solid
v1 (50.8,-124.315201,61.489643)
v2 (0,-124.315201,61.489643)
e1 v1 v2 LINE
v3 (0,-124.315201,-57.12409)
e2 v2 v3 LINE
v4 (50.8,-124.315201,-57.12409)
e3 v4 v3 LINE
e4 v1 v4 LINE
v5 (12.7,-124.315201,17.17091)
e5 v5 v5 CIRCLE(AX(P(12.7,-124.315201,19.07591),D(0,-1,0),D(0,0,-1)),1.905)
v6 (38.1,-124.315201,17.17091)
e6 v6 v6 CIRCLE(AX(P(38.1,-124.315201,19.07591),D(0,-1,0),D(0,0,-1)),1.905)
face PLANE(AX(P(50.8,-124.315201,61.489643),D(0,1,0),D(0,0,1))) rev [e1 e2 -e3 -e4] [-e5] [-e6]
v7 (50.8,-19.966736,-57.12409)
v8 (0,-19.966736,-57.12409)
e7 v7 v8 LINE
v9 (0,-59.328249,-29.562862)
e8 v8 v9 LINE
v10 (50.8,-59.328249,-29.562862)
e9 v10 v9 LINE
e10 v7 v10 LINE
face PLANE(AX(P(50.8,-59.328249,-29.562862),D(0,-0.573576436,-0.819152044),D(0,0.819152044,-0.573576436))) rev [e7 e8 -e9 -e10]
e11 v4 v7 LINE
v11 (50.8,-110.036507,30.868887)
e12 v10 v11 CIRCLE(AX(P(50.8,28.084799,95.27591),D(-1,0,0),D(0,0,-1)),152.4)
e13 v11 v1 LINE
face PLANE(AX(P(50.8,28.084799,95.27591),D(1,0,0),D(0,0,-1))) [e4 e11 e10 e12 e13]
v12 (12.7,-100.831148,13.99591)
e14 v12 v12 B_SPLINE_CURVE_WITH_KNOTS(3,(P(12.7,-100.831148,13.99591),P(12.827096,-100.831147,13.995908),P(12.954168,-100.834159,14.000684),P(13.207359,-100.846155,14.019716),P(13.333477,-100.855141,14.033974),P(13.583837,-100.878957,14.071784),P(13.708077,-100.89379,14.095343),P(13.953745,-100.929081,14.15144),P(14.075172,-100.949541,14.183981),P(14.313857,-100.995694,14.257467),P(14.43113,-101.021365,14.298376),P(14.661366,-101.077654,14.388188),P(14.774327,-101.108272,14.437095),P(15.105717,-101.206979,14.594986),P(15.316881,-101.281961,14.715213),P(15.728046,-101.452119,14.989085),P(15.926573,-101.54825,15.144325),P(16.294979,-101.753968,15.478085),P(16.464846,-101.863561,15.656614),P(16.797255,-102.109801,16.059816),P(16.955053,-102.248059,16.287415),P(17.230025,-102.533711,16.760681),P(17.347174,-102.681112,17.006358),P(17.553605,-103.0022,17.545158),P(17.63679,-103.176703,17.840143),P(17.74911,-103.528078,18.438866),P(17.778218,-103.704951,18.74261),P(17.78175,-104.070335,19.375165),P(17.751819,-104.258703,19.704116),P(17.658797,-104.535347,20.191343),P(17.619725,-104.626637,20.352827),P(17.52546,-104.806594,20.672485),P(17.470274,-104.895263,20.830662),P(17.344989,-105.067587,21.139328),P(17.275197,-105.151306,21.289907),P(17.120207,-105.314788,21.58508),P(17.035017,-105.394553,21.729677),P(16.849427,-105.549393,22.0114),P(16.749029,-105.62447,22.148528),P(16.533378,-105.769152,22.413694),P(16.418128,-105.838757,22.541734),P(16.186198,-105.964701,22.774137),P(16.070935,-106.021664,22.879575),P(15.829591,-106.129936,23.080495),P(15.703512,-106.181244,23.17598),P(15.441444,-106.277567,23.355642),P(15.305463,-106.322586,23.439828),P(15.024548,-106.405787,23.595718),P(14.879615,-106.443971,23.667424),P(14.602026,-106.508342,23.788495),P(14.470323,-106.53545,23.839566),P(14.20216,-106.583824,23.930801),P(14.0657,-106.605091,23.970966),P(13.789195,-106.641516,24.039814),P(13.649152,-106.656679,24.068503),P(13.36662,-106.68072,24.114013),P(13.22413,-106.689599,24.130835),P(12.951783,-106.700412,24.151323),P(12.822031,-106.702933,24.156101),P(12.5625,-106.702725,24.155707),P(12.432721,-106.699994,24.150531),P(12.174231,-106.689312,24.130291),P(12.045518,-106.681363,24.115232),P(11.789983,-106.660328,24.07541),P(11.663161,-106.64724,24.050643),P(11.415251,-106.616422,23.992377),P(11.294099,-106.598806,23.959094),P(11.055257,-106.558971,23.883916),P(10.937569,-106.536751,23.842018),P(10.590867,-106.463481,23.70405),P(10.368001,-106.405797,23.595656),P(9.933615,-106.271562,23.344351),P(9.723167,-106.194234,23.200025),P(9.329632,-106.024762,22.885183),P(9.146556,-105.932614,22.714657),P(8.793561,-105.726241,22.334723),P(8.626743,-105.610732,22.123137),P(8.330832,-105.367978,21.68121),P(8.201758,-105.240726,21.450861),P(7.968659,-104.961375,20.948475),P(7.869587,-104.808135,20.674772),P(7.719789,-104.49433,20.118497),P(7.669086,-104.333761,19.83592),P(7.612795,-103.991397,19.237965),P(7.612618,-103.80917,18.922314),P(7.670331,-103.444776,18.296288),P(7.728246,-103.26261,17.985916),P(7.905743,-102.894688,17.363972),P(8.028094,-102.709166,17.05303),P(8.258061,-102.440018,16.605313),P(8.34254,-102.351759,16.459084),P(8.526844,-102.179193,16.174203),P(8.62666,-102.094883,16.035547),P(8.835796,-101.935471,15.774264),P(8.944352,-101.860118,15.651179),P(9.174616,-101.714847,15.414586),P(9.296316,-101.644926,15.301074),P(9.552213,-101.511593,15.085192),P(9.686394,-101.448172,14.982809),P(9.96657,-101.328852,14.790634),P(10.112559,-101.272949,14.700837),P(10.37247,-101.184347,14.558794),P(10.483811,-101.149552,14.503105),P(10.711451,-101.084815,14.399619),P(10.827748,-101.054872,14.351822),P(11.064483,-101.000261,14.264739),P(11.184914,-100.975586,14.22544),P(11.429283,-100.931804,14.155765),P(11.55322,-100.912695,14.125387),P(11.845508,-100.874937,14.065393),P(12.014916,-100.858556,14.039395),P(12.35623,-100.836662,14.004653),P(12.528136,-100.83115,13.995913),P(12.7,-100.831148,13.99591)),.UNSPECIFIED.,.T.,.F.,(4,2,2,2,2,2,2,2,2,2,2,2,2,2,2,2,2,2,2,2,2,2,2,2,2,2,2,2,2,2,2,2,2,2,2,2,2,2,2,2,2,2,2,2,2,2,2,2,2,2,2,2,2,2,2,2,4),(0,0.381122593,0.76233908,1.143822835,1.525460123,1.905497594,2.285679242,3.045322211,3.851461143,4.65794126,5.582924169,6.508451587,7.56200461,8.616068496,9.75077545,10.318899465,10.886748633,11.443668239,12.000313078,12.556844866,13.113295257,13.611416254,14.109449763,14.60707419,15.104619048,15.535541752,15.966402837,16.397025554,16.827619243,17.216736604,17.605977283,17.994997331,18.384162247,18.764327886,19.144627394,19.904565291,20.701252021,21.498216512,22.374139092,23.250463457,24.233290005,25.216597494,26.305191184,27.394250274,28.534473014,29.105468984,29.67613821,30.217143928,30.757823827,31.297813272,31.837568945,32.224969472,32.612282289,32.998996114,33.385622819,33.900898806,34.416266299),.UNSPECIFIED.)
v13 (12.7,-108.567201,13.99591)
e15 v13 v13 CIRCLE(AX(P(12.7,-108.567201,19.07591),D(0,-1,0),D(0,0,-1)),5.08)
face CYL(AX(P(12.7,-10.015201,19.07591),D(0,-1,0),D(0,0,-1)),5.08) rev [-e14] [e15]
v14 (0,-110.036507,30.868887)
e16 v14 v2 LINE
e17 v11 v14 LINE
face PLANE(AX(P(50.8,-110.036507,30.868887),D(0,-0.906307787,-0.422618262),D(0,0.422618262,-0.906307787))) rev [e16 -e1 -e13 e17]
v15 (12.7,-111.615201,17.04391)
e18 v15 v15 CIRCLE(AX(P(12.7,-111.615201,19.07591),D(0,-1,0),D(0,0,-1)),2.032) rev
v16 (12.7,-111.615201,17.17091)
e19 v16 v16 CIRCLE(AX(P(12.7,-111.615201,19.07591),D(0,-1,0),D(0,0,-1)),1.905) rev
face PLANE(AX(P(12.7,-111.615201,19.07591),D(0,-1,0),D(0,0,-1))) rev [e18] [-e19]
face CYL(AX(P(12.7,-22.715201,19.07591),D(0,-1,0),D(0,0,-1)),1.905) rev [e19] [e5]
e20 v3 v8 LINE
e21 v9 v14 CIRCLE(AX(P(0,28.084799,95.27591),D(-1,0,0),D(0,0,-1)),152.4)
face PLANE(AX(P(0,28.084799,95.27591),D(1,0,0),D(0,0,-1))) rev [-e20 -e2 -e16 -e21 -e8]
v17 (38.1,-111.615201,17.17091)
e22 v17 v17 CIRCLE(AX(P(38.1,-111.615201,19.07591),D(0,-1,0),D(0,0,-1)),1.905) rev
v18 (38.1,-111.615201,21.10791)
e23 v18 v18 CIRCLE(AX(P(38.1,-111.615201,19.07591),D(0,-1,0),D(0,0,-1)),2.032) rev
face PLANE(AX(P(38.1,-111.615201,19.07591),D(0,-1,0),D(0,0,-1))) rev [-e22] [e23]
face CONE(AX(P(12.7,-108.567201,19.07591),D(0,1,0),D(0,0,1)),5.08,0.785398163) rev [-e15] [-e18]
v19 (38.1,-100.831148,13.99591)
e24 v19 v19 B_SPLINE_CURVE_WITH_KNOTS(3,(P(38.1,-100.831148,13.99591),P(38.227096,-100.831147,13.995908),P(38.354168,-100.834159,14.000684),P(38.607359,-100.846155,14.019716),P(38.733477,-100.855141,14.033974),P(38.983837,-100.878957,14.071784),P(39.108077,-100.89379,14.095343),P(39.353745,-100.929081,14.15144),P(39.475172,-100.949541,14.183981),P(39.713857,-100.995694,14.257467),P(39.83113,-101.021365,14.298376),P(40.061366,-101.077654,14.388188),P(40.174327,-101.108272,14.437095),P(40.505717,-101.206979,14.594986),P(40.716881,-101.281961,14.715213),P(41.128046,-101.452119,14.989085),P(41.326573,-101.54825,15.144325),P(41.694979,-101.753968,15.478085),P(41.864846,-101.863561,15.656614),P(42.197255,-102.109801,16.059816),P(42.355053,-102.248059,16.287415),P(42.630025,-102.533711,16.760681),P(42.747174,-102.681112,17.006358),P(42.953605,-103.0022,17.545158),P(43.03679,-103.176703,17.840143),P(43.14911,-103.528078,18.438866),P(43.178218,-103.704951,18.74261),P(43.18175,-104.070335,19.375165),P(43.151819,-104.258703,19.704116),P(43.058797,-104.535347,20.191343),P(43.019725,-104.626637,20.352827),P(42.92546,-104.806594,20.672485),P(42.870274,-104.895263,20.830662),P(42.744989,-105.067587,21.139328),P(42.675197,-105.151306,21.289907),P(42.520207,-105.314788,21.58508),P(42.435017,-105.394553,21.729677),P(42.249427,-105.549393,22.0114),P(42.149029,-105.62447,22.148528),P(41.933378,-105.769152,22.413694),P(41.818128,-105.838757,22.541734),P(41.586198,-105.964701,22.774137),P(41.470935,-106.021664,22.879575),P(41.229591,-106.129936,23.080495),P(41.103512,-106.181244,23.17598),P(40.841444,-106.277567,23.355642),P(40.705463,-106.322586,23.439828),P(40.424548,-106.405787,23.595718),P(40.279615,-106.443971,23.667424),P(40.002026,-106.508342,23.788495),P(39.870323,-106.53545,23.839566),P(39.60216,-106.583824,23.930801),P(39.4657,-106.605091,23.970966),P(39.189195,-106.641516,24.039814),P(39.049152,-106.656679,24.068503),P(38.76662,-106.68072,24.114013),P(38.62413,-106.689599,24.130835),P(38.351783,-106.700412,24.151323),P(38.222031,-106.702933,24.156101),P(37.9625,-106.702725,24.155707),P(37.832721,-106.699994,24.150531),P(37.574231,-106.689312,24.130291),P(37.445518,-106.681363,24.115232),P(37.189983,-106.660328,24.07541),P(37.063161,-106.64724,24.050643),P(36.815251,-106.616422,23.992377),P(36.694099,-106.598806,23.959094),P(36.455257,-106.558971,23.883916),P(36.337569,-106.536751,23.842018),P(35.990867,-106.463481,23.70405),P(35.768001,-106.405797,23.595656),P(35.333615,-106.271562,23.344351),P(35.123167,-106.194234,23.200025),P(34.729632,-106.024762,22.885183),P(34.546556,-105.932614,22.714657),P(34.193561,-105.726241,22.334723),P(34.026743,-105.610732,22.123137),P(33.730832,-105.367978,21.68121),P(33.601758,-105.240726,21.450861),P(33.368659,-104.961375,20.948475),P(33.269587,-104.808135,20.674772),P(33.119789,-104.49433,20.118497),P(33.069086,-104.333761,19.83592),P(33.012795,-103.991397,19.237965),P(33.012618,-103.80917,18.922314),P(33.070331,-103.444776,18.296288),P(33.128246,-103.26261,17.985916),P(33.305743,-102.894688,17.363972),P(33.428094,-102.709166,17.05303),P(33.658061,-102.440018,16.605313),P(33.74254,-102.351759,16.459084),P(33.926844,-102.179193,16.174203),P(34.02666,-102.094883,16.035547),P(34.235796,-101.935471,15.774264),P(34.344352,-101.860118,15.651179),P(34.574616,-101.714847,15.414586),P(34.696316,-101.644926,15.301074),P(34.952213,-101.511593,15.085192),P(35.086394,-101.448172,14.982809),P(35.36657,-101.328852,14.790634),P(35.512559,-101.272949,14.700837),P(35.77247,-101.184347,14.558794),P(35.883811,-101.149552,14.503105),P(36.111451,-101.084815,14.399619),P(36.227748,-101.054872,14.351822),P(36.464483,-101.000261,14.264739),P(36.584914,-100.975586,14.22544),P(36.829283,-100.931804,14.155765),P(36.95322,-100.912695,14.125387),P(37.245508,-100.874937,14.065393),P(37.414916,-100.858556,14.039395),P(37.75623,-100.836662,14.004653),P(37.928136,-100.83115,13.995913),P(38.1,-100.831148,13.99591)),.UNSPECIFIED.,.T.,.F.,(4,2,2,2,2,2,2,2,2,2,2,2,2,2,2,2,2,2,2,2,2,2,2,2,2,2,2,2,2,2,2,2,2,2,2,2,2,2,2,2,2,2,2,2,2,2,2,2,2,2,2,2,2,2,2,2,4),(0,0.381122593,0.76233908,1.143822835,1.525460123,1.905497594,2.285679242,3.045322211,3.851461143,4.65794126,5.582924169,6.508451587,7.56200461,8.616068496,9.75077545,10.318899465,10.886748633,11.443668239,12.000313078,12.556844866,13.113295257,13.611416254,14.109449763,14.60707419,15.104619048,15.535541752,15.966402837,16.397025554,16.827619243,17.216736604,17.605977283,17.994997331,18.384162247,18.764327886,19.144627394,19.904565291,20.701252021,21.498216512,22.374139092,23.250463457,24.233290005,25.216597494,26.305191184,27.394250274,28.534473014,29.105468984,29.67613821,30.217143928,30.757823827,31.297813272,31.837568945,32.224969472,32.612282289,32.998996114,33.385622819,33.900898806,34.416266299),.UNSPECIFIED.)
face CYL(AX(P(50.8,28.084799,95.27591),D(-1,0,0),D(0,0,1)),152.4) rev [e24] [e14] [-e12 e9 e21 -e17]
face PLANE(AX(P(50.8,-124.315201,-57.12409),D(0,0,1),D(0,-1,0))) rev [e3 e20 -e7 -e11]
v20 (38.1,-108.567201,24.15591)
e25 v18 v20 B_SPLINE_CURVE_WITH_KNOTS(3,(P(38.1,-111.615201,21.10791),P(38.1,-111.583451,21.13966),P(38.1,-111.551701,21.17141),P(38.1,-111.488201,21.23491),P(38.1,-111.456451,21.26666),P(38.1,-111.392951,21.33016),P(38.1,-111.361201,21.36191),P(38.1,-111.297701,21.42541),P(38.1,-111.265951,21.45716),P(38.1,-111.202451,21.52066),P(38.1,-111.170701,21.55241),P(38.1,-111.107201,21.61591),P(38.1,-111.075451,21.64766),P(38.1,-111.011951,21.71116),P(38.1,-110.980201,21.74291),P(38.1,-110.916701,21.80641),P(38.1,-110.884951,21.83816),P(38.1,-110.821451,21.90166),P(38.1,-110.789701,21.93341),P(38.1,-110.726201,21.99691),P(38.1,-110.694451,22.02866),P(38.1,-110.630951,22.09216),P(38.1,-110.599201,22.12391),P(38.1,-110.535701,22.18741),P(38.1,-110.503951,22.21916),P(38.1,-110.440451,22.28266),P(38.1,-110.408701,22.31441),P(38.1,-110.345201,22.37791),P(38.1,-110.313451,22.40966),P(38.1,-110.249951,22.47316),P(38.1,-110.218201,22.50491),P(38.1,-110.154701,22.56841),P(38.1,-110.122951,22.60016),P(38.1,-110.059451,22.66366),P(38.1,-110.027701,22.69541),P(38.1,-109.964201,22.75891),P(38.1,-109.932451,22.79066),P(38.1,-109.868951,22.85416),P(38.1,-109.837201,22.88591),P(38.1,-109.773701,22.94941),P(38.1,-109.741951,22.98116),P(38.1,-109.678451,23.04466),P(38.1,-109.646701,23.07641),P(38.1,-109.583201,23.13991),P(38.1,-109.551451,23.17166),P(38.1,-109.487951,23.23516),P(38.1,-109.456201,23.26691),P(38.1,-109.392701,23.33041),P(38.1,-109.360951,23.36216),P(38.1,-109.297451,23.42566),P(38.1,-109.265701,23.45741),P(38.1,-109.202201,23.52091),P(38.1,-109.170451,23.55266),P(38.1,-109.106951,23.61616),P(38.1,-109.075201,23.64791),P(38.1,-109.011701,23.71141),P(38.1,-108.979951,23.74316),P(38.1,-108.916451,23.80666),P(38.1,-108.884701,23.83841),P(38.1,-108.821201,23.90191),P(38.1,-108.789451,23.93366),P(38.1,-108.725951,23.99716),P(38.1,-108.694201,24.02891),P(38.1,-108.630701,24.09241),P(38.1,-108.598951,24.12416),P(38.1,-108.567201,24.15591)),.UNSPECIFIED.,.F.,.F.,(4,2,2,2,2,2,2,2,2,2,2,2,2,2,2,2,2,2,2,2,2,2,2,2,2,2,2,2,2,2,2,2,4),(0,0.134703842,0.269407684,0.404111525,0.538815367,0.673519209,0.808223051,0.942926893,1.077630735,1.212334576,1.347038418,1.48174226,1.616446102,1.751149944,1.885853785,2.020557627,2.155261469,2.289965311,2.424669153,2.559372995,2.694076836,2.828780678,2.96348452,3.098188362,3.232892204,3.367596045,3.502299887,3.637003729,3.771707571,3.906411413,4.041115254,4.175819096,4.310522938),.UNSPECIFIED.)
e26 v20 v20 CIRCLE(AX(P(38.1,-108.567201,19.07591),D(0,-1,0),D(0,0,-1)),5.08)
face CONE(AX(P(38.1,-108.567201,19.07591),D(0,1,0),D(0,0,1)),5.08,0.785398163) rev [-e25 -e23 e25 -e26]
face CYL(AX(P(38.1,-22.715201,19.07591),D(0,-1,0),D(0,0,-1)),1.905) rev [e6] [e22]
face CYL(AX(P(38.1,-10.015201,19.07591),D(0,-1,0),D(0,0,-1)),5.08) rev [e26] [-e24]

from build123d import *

# Parameters (mm, degrees)
BOSS_EXTRUDE1_DEPTH = 50.8
SKETCH2_R           = 1.905
CUT_EXTRUDE1_DEPTH  = 101.6
CUT_EXTRUDE2_START  = -12.7
SKETCH3_R           = 5.08
CUT_EXTRUDE2_DEPTH  = 101.6
CHAMFER1_SIZE       = 3.048


with BuildPart() as part:
    # Sketch1 → Boss-Extrude1 (new body)
    with BuildSketch(Plane(origin=(0, 0, 0), x_dir=(0, 0, -1), z_dir=(1, 0, 0))):
        with BuildLine():
            Line((-61.489643294, -124.315200567), (57.124090119, -124.315200567))
            Line((57.124090119, -124.315200567), (57.124090119, -19.966735992))
            Line((57.124090119, -19.966735992), (29.562861669, -59.328249467))
            ThreePointArc((29.562861669, -59.328249467), (2.684921835, -88.660373698), (-30.868886791, -110.036507311))
            Line((-30.868886791, -110.036507311), (-61.489643294, -124.315200567))
        make_face()
    extrude(amount=BOSS_EXTRUDE1_DEPTH)

    # Sketch2 → Cut-Extrude1 (cut)
    with BuildSketch(Plane.XZ.offset(124.315200567)):
        with Locations(Location((12.7, 19.075909881, 0), (0, 0, 270))):
            Circle(SKETCH2_R)
        with Locations(Location((38.1, 19.075909881, 0), (0, 0, 270))):
            Circle(SKETCH2_R)
    extrude(amount=-CUT_EXTRUDE1_DEPTH, mode=Mode.SUBTRACT)

    # Sketch3 → Cut-Extrude2 (cut)
    with BuildSketch(Plane.XZ.offset(124.315200567).offset(CUT_EXTRUDE2_START)):
        with Locations(Location((12.7, 19.075909881, 0), (0, 0, 270))):
            Circle(SKETCH3_R)
        with Locations(Location((38.1, 19.075909881, 0), (0, 0, 270))):
            Circle(SKETCH3_R)
    extrude(amount=-CUT_EXTRUDE2_DEPTH, mode=Mode.SUBTRACT)

    # Chamfer1
    chamfer1_edges = [part.edges().sort_by_distance(p)[0] for p in [
        (12.7, -111.615200567, 24.155909881),
        (38.1, -111.615200567, 24.155909881),
    ]]
    chamfer(chamfer1_edges, length=CHAMFER1_SIZE)


solid = part.part
